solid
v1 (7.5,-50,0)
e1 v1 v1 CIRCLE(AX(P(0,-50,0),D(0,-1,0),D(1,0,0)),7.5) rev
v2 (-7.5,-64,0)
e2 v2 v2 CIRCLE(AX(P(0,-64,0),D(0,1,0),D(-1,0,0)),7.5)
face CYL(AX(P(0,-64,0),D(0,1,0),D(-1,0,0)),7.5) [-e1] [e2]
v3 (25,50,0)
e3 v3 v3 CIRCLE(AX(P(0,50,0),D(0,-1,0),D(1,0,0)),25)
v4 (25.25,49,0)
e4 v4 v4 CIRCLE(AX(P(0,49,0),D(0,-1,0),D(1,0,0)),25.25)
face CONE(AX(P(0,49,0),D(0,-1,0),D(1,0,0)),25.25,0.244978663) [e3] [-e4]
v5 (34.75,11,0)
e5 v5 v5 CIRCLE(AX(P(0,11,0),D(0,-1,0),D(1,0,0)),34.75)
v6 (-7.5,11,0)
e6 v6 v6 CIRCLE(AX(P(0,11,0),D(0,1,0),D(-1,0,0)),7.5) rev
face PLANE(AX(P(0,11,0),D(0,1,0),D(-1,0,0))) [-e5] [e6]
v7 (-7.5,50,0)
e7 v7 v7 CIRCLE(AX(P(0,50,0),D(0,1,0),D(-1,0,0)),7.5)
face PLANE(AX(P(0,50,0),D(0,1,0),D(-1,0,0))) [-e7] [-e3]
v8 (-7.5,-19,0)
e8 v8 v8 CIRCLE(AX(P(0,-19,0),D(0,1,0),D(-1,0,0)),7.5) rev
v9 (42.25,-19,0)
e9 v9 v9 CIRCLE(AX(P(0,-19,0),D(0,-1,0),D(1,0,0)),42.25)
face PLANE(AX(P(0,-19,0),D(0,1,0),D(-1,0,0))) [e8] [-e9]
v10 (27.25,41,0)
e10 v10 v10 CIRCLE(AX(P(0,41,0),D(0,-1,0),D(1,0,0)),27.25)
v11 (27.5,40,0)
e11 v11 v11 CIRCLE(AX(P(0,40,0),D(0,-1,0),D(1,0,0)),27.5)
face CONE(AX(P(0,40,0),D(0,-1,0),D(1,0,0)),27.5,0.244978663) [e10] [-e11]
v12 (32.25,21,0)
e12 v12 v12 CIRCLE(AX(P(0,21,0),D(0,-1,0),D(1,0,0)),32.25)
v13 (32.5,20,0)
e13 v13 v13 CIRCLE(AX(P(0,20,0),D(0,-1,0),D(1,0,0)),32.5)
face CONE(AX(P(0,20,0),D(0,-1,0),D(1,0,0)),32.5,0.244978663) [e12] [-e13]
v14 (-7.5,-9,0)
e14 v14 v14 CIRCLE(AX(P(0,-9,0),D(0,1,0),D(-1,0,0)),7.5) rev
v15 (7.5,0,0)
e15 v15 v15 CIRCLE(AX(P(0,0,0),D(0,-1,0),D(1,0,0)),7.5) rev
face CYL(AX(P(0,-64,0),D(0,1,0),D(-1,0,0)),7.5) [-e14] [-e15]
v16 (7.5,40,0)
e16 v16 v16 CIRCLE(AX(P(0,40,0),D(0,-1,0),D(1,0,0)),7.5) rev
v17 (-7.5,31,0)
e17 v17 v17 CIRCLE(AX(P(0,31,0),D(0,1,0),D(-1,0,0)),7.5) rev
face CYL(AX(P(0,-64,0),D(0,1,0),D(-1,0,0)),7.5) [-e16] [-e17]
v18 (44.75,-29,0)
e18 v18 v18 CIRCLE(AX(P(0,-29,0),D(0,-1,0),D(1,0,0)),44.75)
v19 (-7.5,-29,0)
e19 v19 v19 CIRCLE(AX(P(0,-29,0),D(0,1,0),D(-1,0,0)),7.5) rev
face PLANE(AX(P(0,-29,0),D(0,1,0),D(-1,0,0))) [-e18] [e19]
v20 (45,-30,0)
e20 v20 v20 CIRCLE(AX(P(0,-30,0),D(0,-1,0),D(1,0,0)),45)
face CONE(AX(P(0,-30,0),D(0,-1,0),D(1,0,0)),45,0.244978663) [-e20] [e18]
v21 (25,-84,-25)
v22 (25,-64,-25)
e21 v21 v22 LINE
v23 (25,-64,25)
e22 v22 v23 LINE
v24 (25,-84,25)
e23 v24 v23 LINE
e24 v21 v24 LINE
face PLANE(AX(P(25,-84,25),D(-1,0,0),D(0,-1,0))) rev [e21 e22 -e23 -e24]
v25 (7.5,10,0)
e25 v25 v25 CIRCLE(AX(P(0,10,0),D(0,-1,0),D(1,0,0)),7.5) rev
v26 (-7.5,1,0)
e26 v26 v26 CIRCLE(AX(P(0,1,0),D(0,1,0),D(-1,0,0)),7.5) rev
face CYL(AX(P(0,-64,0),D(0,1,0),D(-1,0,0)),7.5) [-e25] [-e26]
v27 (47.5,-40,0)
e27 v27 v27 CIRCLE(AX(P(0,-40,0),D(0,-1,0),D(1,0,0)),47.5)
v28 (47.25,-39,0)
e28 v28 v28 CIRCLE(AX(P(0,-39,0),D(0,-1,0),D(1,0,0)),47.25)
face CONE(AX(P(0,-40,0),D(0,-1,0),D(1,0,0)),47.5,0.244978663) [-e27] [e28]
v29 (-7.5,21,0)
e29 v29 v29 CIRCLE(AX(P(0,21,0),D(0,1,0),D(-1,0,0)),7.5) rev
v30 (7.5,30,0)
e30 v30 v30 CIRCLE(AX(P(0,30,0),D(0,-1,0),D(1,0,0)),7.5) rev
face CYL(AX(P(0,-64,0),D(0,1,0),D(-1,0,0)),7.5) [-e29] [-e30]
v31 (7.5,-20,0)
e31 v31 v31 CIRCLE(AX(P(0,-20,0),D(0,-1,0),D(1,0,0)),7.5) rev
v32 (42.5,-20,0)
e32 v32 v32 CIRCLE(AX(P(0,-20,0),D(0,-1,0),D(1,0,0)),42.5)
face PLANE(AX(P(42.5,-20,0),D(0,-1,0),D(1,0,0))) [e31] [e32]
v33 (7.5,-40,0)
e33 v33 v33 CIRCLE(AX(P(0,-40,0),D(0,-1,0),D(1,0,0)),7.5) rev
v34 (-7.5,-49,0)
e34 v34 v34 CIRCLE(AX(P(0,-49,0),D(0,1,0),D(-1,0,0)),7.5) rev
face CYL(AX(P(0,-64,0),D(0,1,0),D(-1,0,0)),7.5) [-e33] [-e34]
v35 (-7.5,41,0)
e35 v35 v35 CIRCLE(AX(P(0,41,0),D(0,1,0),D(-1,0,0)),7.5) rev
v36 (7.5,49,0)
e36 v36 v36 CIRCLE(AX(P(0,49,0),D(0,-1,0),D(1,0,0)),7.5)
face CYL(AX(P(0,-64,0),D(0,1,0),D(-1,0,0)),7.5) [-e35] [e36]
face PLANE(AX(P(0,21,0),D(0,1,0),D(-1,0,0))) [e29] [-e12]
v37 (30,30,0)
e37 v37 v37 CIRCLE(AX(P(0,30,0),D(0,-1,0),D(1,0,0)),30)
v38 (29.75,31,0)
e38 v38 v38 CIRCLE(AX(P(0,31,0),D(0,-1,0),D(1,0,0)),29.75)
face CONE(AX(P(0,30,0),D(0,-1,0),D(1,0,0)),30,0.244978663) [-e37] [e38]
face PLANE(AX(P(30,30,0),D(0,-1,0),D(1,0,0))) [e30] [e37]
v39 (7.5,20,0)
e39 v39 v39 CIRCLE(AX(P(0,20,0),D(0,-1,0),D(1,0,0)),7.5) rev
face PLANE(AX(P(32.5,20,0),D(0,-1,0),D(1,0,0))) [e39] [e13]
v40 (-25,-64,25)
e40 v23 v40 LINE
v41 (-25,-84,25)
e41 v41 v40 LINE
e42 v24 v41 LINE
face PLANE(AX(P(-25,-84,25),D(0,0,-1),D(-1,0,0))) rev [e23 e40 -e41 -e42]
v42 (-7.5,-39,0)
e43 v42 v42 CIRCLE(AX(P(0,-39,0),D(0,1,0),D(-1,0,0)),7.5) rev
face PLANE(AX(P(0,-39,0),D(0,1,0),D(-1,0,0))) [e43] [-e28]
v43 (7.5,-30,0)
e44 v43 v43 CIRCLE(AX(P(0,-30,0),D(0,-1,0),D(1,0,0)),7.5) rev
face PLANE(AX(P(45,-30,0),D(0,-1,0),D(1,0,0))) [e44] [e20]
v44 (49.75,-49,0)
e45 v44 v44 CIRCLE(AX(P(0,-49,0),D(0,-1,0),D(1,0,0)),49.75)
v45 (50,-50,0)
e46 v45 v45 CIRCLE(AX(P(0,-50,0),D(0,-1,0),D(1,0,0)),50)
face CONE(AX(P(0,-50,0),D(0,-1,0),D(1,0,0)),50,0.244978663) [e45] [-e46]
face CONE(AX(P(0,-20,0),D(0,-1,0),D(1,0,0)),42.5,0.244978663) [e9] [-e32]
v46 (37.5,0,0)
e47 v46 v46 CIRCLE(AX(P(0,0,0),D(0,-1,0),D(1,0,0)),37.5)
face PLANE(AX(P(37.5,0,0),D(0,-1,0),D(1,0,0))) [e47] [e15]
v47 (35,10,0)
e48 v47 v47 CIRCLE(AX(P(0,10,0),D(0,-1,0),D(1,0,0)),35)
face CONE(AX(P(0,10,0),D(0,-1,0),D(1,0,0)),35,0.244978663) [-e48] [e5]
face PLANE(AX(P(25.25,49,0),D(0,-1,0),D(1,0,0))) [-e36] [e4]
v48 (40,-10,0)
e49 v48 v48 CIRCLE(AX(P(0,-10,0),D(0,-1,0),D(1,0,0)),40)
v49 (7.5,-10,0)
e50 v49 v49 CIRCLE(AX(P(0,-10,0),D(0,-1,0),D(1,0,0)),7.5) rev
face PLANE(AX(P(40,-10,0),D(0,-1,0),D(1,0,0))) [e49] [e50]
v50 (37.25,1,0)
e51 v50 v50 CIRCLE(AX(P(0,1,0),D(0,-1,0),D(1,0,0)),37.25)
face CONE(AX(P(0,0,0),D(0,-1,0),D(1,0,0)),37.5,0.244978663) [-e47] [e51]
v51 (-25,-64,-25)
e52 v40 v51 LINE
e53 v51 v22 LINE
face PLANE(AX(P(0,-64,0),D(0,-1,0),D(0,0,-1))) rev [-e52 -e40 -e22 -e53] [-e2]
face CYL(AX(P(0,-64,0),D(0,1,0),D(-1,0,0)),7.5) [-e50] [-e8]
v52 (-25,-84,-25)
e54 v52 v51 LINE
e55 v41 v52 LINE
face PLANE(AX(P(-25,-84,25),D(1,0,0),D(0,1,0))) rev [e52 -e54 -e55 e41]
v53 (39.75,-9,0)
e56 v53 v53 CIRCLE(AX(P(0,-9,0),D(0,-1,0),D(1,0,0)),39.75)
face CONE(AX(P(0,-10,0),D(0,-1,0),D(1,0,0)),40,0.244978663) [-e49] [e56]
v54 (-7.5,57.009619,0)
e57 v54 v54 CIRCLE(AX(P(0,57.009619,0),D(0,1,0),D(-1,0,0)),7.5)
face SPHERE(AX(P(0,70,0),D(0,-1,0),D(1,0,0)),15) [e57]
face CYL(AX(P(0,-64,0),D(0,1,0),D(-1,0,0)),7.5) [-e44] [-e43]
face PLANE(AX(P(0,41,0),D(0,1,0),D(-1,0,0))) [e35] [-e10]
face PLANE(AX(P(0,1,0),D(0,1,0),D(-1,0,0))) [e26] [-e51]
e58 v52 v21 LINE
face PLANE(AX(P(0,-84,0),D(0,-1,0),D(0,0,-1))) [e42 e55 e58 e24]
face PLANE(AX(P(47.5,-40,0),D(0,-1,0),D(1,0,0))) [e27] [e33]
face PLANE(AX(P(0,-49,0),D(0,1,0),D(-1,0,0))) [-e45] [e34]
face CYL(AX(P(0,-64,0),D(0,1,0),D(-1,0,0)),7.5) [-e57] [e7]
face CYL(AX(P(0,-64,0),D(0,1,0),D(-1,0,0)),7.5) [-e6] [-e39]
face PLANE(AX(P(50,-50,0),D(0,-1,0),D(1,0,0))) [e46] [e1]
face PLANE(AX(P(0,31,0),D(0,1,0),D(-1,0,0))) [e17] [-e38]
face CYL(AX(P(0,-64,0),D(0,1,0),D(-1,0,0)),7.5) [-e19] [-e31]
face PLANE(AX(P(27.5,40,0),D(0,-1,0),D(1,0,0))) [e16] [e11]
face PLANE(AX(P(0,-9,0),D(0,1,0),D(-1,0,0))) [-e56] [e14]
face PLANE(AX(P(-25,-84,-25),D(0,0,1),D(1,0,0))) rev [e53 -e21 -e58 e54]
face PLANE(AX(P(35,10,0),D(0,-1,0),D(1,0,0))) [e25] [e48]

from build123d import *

# Parameters (mm, degrees)
SKETCH2_R                = 7.5
BOSS_EXTRUDE1_DEPTH      = 109
BOSS_EXTRUDE1_DEPTH_BACK = 15
SKETCH4_W                = 50
SKETCH4_H                = 50
BOSS_EXTRUDE2_DEPTH      = 20


with BuildPart() as part:
    # Sketch1 → Revolve1 (revolve)
    with BuildSketch(Plane.XY):
        Polygon((0, 50), (25, 50), (25.25, 49), (0, 49), align=None)
        Polygon((50, -50), (0, -50), (0, -49), (49.75, -49), align=None)
        Polygon((0, -39), (47.25, -39), (47.5, -40), (0, -40), align=None)
        Polygon((0, -29), (44.75, -29), (45, -30), (0, -30), align=None)
        Polygon((0, -19), (42.25, -19), (42.5, -20), (0, -20), align=None)
        Polygon((0, -9), (39.75, -9), (40, -10), (0, -10), align=None)
        Polygon((0, 1), (37.25, 1), (37.5, 0), (0, 0), align=None)
        Polygon((0, 11), (34.75, 11), (35, 10), (0, 10), align=None)
        Polygon((0, 21), (32.25, 21), (32.5, 20), (0, 20), align=None)
        Polygon((0, 31), (29.75, 31), (30, 30), (0, 30), align=None)
        Polygon((0, 41), (27.25, 41), (27.5, 40), (0, 40), align=None)
    revolve(axis=Axis((0, -50, 0), (0, 1, 0)))

    # Sketch2 → Boss-Extrude1 (add, two sides)
    with BuildSketch(Plane(origin=(0, -49, 0), x_dir=(1, 0, 0), z_dir=(0, 1, 0))) as boss_extrude1_sk:
        Circle(SKETCH2_R)
    extrude(amount=BOSS_EXTRUDE1_DEPTH)
    extrude(boss_extrude1_sk.sketch, amount=-BOSS_EXTRUDE1_DEPTH_BACK)

    # Sketch3 → Revolve2 (revolve)
    with BuildSketch(Plane.XY):
        with BuildLine():
            Line((0, 85), (0, 55))
            ThreePointArc((0, 55), (15, 70), (0, 85))
        make_face()
    revolve(axis=Axis((0, -55, 0), (0, 1, 0)))

    # Sketch4 → Boss-Extrude2 (add)
    with BuildSketch(Plane.XZ.offset(64)):
        Rectangle(SKETCH4_W, SKETCH4_H)
    extrude(amount=BOSS_EXTRUDE2_DEPTH)


solid = part.part
